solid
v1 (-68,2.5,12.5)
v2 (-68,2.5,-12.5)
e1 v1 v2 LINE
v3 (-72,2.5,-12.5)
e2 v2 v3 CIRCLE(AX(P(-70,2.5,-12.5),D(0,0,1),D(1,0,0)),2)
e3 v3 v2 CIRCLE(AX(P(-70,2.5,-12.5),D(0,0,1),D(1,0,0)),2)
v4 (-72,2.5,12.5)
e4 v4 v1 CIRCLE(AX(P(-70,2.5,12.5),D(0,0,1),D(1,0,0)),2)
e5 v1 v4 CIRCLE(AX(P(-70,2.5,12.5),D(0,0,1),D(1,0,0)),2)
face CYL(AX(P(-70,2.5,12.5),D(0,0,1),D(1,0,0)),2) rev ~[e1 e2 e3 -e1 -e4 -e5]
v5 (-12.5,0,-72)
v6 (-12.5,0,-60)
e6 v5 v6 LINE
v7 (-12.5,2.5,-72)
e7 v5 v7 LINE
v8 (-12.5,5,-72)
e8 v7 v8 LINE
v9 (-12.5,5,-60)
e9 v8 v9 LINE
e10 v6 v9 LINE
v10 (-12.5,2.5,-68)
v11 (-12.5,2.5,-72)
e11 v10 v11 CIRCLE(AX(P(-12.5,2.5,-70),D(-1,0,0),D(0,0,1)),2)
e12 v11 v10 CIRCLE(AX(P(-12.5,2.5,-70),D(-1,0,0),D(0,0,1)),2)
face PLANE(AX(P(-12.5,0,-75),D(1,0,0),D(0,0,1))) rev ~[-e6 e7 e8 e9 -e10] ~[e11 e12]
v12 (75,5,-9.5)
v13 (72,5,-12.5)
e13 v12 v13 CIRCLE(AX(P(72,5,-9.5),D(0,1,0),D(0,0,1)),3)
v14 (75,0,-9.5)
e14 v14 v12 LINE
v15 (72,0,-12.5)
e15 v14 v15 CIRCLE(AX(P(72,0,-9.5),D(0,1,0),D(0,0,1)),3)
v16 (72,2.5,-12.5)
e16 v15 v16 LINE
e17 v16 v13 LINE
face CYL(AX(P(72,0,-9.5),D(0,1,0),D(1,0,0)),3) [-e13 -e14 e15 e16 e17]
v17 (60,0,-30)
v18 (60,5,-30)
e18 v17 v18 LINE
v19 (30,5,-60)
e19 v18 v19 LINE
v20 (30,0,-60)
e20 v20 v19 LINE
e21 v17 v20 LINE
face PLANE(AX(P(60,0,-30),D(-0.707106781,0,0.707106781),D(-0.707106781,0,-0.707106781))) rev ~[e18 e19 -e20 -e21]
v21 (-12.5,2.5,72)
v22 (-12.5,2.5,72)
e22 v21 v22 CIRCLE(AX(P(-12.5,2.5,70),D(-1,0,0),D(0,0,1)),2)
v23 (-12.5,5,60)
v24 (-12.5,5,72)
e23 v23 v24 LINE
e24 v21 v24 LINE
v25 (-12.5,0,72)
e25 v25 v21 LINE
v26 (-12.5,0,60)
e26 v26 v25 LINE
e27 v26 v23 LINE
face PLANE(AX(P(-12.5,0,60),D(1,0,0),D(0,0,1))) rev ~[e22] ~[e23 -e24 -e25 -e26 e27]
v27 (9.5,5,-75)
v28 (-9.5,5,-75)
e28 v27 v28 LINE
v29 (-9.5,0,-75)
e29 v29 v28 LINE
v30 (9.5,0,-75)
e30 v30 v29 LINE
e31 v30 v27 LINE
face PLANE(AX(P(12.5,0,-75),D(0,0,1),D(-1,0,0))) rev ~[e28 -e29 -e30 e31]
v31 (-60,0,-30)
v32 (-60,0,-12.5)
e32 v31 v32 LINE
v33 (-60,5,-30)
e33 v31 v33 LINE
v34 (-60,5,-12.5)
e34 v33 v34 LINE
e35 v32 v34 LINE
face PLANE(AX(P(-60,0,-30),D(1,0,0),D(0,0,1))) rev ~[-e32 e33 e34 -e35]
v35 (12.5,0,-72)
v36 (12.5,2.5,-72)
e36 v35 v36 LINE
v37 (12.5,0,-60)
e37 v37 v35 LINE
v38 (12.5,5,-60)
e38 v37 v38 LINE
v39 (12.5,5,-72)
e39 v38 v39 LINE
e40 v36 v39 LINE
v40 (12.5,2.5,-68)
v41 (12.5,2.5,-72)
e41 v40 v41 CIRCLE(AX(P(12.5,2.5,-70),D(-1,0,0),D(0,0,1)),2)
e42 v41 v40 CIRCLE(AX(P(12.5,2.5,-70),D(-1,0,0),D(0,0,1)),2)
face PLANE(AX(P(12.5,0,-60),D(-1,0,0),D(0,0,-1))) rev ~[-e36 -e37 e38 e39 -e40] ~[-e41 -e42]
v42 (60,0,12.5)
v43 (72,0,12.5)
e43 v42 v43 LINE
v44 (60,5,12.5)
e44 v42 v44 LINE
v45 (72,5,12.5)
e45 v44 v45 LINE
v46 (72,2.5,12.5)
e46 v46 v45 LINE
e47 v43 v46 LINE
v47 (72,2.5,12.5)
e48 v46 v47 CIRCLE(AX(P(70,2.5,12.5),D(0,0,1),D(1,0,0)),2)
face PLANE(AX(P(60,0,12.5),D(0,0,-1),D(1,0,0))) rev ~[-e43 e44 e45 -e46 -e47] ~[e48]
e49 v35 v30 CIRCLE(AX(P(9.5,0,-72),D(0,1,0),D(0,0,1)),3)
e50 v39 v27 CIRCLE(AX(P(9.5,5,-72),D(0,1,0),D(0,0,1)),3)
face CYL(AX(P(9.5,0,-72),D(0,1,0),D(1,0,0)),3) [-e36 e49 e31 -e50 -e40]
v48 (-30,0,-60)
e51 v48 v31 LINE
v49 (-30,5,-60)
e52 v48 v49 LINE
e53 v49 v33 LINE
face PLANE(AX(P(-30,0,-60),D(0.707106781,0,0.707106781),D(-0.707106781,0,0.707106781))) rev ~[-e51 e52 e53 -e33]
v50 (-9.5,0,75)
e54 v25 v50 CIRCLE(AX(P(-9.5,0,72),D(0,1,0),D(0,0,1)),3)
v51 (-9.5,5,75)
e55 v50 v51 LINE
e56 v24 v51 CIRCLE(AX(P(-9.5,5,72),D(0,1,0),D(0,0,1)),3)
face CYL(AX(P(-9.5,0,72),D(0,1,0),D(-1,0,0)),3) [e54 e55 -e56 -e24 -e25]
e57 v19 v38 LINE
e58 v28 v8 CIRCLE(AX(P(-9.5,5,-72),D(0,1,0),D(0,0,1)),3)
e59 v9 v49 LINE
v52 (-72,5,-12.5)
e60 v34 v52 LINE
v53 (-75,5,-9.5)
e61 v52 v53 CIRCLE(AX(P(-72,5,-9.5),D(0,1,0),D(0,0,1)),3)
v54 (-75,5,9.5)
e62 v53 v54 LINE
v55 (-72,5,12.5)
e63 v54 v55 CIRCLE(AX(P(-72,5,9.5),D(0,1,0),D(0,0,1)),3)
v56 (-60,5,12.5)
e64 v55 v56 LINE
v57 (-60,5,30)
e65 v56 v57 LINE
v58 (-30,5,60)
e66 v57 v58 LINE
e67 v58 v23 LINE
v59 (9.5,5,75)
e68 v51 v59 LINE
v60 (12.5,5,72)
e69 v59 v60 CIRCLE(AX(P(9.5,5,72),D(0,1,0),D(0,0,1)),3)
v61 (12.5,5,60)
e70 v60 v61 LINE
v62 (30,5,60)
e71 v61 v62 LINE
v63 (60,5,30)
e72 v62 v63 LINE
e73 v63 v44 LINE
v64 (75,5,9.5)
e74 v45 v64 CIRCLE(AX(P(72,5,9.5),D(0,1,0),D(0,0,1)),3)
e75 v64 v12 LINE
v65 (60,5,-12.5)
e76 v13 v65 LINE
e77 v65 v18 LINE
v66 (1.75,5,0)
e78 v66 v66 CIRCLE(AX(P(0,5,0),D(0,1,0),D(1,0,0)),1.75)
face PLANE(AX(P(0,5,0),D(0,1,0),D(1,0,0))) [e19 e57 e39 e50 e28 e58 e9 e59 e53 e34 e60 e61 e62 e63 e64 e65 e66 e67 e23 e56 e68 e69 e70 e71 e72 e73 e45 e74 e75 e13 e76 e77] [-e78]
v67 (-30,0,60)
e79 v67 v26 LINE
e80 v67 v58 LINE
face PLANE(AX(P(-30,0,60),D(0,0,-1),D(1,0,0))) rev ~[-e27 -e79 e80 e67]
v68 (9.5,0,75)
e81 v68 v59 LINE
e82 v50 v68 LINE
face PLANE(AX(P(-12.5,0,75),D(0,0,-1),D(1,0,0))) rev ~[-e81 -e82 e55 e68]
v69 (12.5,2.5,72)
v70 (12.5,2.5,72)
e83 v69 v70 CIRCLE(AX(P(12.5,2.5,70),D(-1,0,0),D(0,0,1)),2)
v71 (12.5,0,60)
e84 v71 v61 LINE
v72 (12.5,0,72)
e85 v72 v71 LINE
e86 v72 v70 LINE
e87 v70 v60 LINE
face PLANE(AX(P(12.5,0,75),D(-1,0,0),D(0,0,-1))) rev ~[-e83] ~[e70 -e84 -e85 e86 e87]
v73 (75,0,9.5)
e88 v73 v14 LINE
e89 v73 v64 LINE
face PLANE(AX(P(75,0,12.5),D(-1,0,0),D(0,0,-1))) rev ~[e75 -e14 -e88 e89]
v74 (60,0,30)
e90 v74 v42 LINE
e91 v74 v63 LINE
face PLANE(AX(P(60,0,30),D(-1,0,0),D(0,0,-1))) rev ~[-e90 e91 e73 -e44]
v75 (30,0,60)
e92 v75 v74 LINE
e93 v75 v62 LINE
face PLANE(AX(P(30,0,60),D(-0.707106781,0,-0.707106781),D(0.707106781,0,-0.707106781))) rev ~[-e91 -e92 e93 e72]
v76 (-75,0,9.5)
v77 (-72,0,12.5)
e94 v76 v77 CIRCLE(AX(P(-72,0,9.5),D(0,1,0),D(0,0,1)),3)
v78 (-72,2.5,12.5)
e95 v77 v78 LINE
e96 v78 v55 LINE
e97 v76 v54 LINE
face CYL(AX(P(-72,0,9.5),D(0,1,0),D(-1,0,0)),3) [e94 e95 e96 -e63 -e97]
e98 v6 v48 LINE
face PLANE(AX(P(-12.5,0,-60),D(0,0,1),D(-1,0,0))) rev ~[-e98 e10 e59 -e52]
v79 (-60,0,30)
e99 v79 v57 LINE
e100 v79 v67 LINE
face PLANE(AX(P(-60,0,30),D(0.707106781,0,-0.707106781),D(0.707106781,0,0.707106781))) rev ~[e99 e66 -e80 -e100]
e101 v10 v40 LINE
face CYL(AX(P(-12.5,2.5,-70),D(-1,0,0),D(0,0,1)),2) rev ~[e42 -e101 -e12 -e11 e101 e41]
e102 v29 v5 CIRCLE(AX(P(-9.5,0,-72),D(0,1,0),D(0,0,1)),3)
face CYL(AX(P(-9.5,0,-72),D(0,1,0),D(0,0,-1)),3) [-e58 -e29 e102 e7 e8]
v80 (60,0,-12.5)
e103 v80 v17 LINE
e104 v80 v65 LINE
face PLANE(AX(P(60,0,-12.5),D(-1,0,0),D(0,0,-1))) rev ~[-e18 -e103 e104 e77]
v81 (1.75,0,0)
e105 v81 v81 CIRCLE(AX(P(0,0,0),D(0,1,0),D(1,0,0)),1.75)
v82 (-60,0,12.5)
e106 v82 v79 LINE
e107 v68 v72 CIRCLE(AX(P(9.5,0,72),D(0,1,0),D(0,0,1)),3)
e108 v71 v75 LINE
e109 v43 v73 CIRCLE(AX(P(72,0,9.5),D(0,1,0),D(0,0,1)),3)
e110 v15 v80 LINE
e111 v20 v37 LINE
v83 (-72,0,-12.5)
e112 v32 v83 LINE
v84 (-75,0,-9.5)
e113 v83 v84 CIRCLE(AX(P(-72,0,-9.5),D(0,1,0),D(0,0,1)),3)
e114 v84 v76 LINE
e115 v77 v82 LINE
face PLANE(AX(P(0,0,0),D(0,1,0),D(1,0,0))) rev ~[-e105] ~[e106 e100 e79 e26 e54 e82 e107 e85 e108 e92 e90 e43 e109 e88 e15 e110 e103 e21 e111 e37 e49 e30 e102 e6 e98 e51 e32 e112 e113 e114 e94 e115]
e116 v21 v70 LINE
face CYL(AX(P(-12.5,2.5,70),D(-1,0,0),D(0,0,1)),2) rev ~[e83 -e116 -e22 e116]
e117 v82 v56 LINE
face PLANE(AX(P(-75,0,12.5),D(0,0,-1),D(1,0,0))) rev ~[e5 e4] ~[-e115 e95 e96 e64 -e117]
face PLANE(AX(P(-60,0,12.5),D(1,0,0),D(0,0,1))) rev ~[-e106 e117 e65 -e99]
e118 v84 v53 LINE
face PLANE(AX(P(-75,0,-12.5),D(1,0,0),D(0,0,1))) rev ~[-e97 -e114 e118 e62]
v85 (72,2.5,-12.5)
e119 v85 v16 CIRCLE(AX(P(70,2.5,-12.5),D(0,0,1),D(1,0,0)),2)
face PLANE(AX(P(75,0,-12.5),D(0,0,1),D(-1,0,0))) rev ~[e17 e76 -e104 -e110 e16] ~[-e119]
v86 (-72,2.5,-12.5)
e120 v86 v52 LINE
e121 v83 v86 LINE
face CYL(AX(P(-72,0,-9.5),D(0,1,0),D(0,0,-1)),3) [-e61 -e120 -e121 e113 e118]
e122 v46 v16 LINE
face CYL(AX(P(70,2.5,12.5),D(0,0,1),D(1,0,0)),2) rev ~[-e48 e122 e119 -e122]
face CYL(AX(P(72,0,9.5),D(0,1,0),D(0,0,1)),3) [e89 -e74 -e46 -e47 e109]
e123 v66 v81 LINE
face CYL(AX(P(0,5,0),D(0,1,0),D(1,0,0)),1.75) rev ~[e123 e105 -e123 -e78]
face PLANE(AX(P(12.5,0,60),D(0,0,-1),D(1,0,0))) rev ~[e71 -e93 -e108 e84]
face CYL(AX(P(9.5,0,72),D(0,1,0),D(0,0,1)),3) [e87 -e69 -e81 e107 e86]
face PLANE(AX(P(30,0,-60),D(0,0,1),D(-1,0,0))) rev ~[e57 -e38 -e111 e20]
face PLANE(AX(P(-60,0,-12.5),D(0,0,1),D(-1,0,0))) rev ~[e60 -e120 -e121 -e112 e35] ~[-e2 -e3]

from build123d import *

# Parameters (mm, degrees)
EXTRUDE_1_DEPTH     = 5
FILLET_1_R          = 3
SKETCH_7_R          = 1.75
CUT_EXTRUDE_5_DEPTH = 6
SKETCH_11_R         = 2
CUT_EXTRUDE_6_DEPTH = 88.5
SKETCH_12_R         = 2
CUT_EXTRUDE_7_DEPTH = 88.5


with BuildPart() as part:
    # 스케치1 → 보스-돌출1 (new body)
    with BuildSketch(Plane(origin=(0, 0, 0), x_dir=(1, 0, 0), z_dir=(0, 1, 0))):
        Polygon((-60, -30), (-30, -60), (-12.5, -60), (-12.5, -75), (12.5, -75), (12.5, -60), (30, -60), (60, -30), (60, -12.5), (75, -12.5), (75, 12.5), (60, 12.5), (60, 30), (30, 60), (12.5, 60), (12.5, 75), (-12.5, 75), (-12.5, 60), (-30, 60), (-60, 30), (-60, 12.5), (-75, 12.5), (-75, -12.5), (-60, -12.5), align=None)
    extrude(amount=EXTRUDE_1_DEPTH)

    # 필렛1
    fillet_1_edges = [part.edges().sort_by_distance(p)[0] for p in [
        (-12.5, 2.5, -75),
        (12.5, 2.5, -75),
        (75, 2.5, -12.5),
        (75, 2.5, 12.5),
        (12.5, 2.5, 75),
        (-12.5, 2.5, 75),
        (-75, 2.5, 12.5),
        (-75, 2.5, -12.5),
    ]]
    fillet(fillet_1_edges, radius=FILLET_1_R)

    # 스케치7 → 컷-돌출5 (cut, through all)
    with BuildSketch(Plane(origin=(0, 5, 0), x_dir=(1, 0, 0), z_dir=(0, 1, 0))):
        Circle(SKETCH_7_R)
    extrude(amount=-CUT_EXTRUDE_5_DEPTH, mode=Mode.SUBTRACT)

    # 스케치11 → 컷-돌출6 (cut, through all)
    with BuildSketch(Plane.XY.offset(12.5)):
        with Locations((-70, 2.5)):
            Circle(SKETCH_11_R)
        with Locations((70, 2.5)):
            Circle(SKETCH_11_R)
    extrude(amount=-CUT_EXTRUDE_6_DEPTH, mode=Mode.SUBTRACT)

    # 스케치12 → 컷-돌출7 (cut, through all)
    with BuildSketch(Plane.ZY.offset(12.5)):
        with Locations((-70, 2.5)):
            Circle(SKETCH_12_R)
        with Locations((70, 2.5)):
            Circle(SKETCH_12_R)
    extrude(amount=-CUT_EXTRUDE_7_DEPTH, mode=Mode.SUBTRACT)


solid = part.part
